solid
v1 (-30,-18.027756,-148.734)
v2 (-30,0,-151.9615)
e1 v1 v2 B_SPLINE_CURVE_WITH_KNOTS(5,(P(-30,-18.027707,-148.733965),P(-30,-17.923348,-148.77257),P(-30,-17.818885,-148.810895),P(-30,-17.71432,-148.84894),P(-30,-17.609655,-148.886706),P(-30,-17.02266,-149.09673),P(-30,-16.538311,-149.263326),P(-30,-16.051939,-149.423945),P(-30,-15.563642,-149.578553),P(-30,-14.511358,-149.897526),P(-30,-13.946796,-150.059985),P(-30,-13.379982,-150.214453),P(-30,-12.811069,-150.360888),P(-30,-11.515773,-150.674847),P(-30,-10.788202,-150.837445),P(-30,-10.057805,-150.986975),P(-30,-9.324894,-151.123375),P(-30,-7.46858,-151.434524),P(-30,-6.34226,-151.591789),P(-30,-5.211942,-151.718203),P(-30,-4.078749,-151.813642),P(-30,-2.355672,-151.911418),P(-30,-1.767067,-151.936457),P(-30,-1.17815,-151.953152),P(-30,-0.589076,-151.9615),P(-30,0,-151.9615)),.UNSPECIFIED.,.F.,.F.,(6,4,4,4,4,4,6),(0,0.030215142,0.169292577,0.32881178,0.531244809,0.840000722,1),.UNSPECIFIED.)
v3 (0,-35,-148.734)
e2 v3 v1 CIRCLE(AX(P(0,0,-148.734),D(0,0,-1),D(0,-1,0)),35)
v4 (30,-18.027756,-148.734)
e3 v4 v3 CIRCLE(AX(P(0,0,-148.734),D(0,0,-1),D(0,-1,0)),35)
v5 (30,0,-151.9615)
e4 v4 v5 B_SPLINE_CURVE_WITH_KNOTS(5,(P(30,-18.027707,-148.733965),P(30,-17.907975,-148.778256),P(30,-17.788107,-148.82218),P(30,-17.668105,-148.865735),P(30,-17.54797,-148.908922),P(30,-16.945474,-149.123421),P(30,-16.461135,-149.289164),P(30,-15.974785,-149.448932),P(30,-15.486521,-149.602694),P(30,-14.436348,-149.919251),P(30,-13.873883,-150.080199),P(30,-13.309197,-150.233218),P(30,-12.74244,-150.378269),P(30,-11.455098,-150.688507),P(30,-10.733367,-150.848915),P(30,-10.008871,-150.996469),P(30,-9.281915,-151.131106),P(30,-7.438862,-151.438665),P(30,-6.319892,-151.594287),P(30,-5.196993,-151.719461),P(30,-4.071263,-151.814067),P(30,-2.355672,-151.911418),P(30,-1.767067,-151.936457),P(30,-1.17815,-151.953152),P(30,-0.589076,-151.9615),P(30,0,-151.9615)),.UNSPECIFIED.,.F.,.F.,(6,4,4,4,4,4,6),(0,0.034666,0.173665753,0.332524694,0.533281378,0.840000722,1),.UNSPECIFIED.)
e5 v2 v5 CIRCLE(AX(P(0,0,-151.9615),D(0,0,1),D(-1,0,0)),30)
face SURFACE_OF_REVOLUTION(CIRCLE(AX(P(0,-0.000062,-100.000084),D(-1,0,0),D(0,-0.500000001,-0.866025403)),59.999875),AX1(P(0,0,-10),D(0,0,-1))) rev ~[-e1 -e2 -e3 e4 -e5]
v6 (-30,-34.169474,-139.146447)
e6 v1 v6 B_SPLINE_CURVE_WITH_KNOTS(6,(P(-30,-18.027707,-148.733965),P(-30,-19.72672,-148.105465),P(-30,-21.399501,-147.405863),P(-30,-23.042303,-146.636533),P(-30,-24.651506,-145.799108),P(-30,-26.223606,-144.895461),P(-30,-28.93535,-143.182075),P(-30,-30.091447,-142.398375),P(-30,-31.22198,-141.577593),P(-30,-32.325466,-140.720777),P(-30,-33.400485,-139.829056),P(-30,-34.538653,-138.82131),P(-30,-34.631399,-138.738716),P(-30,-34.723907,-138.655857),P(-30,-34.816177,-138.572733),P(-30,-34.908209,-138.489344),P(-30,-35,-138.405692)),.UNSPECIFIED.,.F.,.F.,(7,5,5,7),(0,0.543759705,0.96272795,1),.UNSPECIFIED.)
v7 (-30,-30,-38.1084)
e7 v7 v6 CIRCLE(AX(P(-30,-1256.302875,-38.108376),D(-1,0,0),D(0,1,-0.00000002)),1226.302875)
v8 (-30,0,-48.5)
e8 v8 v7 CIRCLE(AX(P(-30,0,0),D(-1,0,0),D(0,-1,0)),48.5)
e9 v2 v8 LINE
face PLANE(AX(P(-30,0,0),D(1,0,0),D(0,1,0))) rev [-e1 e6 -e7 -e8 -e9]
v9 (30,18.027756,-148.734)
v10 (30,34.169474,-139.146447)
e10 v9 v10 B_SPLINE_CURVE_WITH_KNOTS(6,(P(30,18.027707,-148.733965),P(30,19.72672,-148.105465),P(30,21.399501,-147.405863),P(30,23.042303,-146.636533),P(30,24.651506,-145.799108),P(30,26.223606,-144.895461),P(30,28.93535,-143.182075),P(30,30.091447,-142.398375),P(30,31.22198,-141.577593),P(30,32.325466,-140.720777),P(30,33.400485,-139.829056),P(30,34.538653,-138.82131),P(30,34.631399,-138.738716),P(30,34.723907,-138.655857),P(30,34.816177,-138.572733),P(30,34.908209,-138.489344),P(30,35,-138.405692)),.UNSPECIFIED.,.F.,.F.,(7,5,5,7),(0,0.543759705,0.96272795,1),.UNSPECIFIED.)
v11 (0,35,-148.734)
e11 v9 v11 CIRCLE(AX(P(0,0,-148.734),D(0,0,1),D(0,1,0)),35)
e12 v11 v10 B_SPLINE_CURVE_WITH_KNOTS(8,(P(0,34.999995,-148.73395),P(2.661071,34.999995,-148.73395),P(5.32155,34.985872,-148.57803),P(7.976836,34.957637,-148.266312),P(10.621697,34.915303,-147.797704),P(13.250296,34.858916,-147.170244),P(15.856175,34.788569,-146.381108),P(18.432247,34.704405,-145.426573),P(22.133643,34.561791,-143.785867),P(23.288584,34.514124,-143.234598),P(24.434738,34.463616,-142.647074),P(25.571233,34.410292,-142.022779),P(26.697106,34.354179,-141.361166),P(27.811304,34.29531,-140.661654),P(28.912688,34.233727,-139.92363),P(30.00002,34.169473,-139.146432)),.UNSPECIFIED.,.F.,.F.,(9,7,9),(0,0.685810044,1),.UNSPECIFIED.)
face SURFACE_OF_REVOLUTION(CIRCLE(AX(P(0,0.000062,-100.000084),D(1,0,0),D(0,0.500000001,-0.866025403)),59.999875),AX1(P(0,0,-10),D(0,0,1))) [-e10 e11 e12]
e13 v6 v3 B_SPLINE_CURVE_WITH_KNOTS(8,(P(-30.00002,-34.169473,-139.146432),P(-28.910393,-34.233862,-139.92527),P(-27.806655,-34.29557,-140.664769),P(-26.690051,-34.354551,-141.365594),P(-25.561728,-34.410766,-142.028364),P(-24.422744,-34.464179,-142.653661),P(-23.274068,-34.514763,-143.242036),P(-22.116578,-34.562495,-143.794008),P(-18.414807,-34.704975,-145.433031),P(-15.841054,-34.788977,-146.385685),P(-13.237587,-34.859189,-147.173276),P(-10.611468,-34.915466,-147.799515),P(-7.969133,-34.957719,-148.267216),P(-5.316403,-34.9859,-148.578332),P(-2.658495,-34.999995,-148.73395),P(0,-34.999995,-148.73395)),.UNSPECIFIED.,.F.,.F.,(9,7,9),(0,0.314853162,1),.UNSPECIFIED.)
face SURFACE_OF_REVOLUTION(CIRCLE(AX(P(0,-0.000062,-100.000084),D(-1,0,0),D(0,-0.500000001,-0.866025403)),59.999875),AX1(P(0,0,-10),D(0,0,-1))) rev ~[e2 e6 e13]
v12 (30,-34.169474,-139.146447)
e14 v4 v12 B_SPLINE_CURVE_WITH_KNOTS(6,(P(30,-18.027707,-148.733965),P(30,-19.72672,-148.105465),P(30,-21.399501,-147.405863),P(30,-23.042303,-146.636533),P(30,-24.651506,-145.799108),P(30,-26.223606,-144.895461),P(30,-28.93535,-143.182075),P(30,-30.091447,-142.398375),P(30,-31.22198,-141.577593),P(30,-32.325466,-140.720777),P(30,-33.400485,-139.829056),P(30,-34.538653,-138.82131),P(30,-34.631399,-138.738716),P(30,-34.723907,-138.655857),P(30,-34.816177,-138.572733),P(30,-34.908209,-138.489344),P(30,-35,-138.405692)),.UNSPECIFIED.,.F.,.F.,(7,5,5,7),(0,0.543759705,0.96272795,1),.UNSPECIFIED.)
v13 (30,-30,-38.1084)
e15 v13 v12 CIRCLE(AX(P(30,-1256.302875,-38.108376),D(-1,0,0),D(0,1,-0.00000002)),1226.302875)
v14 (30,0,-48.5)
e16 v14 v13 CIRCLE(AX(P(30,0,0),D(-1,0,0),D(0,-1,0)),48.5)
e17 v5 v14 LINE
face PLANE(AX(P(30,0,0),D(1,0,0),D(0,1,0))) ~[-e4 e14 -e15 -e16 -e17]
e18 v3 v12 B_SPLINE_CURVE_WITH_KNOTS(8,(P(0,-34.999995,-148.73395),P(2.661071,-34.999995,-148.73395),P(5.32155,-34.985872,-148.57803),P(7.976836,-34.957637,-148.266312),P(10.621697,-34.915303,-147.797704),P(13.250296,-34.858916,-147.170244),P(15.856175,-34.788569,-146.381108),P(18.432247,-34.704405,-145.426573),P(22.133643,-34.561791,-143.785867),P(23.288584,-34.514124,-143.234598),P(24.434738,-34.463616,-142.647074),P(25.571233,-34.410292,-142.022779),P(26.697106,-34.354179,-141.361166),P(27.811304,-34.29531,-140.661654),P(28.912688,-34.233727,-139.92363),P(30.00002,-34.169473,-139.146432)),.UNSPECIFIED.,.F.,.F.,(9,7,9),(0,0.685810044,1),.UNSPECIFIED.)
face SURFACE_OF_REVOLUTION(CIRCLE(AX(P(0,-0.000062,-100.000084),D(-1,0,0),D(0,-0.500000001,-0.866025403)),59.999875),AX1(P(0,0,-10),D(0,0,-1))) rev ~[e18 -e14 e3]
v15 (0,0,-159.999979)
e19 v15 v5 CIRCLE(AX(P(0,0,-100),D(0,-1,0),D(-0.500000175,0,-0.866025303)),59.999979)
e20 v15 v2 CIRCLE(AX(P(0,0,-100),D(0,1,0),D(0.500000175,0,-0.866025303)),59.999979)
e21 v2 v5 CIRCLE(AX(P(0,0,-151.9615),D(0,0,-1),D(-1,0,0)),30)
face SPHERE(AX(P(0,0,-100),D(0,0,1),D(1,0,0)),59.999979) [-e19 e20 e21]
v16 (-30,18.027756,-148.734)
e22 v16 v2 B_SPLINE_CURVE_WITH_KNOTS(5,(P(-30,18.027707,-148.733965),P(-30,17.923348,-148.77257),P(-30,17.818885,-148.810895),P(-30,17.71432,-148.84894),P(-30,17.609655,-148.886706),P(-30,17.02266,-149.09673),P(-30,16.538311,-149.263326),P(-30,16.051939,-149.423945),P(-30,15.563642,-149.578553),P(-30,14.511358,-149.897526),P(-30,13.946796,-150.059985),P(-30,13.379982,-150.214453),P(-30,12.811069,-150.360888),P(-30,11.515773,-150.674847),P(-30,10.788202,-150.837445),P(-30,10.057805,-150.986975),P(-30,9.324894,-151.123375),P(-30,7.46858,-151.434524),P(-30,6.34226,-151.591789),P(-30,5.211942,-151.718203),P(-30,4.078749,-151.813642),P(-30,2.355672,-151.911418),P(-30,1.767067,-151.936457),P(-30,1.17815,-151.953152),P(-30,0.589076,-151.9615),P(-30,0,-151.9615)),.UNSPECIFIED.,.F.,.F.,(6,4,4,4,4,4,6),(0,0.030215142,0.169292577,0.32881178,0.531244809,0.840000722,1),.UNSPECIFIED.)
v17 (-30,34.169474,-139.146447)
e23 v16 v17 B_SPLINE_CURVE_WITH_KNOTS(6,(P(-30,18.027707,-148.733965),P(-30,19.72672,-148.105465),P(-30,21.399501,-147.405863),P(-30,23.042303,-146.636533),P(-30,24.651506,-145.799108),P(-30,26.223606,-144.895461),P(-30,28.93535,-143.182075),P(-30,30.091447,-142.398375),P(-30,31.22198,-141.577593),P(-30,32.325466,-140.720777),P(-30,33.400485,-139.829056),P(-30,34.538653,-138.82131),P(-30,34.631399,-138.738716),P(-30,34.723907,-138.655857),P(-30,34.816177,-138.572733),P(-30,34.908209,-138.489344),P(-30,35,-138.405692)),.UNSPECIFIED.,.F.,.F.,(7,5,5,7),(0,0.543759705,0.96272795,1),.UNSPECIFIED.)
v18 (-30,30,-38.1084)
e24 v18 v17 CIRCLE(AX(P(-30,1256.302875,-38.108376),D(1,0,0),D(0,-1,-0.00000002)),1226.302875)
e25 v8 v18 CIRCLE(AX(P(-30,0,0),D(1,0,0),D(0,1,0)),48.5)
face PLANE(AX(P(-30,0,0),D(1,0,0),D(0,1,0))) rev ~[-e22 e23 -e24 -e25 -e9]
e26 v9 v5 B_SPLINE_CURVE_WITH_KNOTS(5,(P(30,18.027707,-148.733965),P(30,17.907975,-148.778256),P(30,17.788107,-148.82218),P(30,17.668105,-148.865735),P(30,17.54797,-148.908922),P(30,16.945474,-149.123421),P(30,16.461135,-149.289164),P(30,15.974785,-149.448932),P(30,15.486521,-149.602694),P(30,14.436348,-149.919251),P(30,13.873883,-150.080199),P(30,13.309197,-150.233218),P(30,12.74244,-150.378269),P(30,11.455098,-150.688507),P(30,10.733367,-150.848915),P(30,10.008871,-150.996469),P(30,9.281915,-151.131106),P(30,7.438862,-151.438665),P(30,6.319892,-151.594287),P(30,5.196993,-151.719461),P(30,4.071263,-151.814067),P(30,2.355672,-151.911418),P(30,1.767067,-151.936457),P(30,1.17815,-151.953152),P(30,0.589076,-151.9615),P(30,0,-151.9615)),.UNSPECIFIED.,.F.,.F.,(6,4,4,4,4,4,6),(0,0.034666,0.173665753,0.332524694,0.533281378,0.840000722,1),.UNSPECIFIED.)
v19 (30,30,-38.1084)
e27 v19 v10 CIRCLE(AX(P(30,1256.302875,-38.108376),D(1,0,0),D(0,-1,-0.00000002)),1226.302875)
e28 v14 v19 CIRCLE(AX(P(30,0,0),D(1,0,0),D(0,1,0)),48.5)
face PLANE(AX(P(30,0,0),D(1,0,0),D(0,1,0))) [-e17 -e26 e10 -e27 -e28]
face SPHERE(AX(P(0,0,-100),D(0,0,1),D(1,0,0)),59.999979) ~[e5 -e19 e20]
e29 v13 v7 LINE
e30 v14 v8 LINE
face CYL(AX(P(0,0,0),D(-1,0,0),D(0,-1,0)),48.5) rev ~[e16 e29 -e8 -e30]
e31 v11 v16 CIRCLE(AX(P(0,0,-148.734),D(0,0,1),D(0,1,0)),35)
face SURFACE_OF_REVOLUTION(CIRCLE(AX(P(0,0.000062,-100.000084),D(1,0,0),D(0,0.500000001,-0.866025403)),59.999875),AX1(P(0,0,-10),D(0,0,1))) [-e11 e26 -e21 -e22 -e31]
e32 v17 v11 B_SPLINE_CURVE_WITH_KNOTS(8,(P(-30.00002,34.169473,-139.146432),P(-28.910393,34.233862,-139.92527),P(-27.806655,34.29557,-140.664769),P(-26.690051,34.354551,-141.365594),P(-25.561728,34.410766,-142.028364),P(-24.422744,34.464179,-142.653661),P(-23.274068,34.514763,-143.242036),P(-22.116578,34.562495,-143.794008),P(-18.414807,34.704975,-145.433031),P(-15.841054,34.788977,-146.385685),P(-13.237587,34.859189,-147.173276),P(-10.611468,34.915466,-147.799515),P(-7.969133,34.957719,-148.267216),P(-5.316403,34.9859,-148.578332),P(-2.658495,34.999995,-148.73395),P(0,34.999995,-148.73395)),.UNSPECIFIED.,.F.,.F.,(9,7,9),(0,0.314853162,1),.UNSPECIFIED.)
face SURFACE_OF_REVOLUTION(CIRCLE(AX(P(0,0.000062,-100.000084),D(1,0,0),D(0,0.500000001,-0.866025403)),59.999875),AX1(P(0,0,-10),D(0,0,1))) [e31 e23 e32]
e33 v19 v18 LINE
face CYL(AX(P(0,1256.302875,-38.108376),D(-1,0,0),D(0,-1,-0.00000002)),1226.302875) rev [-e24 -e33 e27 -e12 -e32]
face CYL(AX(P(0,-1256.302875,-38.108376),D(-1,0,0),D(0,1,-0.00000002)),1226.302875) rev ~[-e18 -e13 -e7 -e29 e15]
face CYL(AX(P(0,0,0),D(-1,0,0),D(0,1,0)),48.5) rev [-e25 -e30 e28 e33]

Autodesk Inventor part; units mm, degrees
ref_plane "Work Plane2" through (0, -32.5, -80) normal (0, 0, -1) x (0, 1, 0)
ref_plane "Work Plane1" through (0, 0, 27.5) normal (0, 0, 1) x (1, 0, 0)
ref_plane "Work Plane3" through (0, 0, -200) normal (0, 0, -1) x (-1, 0, 0)
sketch "Sketch11" plane through (0, 0, 0) normal (1, 0, 0) x (0, 1, 0)
  line L0 (-309.4604, 0) -> (1517.2621, 0) construction
  line L1 (0, -249.7) -> (0, 98.2) projected
  circle A0 centre (0, 0) radius 32.5
  circle A1 centre (0, 0) radius 48.5
  line L2 (-30, -38.1084) -> (-30, -151.9615)
  line L3 (-30, -151.9615) -> (30, -151.9615)
  line L4 (30, -151.9615) -> (30, -38.1084)
  arc A2 (-30, -151.9615) -> (30, -151.9615) centre (0, -100) ccw
  arc A3 (30, -151.9615) -> (50, -133.1662) centre (0, -100) ccw
  line L5 (0, -180) -> (50, -180)
  line L6 (50, -180) -> (50, -133.1662)
  arc A4 (30, -38.1084) -> (35, -148.734) centre (1256.3018, -38.1084) ccw
  point P0 (-30, -151.9615)
  point P1 (0, -160)
  point P2 (0, -151.9615)
  point P3 (0, -185.7103)
  point P4 (0, -160)
  point P5 (0, -48.5)
  dimension "d77" = 65
  dimension "d78" = 97
  dimension "d79" = 60
  dimension "d85" = 20
  dimension "d86" = 20
  dimension "d87" = 60
  dimension "d89" = 35
  dimension "d90" = 160
extrude "Extrusion11" add sketch "Sketch11" along normal mid plane 60 contours L1 A1 L4 L3 | L4 A4 A3
revolve "Revolution1" add sketch "Sketch11" angle 180 mid plane about axis through (0, 0, -10) along (0, 0, 1) picked at (16.8404, -153.4348) contours L1 L3 A2
revolve "Revolution2" cut sketch "Sketch11" angle 360 about axis through (0, 0, -10) along (0, 0, 1) contours L1 A2 A3 L6 L5
mirror "Mirror1" about plane through (0, 0, 0) normal (0, 1, 0)
sketch "Sketch6" plane through (0, 0, 0) normal (1, 0, 0) x (0, 1, 0)
  circle A0 centre (0, 0) radius 32.5
  line L0 (-32.5, 0) -> (-32.5, -80)
  line L1 (-32.5, -80) -> (32.5, -80)
  line L2 (32.5, -80) -> (32.5, 0)
  line L3 (0, 0) -> (0, -80) construction
  line L4 (-32.5, -60) -> (32.5, -60)
  circle A1 centre (0, 0) radius 48.5
  point P0 (32.5, -36)
  point P1 (23.3184, -32.5)
  point P2 (0, -40)
  point P3 (-32.5, -36)
  dimension "d38" = 65
  dimension "d39" = 80
  dimension "d74" = 97
  dimension "d75" = 20
  dimension "d48" = 10
  dimension "d73" = 55
  dimension "d52" = 120
sketch "Sketch5" plane through (0, 0, -171) normal (0, 0, -1) x (-1, 0, 0)
  circle A0 centre (0, 0) radius 10
  point P0 (0, 0)
  dimension "d35" = 20
properties part number "shank_2"
